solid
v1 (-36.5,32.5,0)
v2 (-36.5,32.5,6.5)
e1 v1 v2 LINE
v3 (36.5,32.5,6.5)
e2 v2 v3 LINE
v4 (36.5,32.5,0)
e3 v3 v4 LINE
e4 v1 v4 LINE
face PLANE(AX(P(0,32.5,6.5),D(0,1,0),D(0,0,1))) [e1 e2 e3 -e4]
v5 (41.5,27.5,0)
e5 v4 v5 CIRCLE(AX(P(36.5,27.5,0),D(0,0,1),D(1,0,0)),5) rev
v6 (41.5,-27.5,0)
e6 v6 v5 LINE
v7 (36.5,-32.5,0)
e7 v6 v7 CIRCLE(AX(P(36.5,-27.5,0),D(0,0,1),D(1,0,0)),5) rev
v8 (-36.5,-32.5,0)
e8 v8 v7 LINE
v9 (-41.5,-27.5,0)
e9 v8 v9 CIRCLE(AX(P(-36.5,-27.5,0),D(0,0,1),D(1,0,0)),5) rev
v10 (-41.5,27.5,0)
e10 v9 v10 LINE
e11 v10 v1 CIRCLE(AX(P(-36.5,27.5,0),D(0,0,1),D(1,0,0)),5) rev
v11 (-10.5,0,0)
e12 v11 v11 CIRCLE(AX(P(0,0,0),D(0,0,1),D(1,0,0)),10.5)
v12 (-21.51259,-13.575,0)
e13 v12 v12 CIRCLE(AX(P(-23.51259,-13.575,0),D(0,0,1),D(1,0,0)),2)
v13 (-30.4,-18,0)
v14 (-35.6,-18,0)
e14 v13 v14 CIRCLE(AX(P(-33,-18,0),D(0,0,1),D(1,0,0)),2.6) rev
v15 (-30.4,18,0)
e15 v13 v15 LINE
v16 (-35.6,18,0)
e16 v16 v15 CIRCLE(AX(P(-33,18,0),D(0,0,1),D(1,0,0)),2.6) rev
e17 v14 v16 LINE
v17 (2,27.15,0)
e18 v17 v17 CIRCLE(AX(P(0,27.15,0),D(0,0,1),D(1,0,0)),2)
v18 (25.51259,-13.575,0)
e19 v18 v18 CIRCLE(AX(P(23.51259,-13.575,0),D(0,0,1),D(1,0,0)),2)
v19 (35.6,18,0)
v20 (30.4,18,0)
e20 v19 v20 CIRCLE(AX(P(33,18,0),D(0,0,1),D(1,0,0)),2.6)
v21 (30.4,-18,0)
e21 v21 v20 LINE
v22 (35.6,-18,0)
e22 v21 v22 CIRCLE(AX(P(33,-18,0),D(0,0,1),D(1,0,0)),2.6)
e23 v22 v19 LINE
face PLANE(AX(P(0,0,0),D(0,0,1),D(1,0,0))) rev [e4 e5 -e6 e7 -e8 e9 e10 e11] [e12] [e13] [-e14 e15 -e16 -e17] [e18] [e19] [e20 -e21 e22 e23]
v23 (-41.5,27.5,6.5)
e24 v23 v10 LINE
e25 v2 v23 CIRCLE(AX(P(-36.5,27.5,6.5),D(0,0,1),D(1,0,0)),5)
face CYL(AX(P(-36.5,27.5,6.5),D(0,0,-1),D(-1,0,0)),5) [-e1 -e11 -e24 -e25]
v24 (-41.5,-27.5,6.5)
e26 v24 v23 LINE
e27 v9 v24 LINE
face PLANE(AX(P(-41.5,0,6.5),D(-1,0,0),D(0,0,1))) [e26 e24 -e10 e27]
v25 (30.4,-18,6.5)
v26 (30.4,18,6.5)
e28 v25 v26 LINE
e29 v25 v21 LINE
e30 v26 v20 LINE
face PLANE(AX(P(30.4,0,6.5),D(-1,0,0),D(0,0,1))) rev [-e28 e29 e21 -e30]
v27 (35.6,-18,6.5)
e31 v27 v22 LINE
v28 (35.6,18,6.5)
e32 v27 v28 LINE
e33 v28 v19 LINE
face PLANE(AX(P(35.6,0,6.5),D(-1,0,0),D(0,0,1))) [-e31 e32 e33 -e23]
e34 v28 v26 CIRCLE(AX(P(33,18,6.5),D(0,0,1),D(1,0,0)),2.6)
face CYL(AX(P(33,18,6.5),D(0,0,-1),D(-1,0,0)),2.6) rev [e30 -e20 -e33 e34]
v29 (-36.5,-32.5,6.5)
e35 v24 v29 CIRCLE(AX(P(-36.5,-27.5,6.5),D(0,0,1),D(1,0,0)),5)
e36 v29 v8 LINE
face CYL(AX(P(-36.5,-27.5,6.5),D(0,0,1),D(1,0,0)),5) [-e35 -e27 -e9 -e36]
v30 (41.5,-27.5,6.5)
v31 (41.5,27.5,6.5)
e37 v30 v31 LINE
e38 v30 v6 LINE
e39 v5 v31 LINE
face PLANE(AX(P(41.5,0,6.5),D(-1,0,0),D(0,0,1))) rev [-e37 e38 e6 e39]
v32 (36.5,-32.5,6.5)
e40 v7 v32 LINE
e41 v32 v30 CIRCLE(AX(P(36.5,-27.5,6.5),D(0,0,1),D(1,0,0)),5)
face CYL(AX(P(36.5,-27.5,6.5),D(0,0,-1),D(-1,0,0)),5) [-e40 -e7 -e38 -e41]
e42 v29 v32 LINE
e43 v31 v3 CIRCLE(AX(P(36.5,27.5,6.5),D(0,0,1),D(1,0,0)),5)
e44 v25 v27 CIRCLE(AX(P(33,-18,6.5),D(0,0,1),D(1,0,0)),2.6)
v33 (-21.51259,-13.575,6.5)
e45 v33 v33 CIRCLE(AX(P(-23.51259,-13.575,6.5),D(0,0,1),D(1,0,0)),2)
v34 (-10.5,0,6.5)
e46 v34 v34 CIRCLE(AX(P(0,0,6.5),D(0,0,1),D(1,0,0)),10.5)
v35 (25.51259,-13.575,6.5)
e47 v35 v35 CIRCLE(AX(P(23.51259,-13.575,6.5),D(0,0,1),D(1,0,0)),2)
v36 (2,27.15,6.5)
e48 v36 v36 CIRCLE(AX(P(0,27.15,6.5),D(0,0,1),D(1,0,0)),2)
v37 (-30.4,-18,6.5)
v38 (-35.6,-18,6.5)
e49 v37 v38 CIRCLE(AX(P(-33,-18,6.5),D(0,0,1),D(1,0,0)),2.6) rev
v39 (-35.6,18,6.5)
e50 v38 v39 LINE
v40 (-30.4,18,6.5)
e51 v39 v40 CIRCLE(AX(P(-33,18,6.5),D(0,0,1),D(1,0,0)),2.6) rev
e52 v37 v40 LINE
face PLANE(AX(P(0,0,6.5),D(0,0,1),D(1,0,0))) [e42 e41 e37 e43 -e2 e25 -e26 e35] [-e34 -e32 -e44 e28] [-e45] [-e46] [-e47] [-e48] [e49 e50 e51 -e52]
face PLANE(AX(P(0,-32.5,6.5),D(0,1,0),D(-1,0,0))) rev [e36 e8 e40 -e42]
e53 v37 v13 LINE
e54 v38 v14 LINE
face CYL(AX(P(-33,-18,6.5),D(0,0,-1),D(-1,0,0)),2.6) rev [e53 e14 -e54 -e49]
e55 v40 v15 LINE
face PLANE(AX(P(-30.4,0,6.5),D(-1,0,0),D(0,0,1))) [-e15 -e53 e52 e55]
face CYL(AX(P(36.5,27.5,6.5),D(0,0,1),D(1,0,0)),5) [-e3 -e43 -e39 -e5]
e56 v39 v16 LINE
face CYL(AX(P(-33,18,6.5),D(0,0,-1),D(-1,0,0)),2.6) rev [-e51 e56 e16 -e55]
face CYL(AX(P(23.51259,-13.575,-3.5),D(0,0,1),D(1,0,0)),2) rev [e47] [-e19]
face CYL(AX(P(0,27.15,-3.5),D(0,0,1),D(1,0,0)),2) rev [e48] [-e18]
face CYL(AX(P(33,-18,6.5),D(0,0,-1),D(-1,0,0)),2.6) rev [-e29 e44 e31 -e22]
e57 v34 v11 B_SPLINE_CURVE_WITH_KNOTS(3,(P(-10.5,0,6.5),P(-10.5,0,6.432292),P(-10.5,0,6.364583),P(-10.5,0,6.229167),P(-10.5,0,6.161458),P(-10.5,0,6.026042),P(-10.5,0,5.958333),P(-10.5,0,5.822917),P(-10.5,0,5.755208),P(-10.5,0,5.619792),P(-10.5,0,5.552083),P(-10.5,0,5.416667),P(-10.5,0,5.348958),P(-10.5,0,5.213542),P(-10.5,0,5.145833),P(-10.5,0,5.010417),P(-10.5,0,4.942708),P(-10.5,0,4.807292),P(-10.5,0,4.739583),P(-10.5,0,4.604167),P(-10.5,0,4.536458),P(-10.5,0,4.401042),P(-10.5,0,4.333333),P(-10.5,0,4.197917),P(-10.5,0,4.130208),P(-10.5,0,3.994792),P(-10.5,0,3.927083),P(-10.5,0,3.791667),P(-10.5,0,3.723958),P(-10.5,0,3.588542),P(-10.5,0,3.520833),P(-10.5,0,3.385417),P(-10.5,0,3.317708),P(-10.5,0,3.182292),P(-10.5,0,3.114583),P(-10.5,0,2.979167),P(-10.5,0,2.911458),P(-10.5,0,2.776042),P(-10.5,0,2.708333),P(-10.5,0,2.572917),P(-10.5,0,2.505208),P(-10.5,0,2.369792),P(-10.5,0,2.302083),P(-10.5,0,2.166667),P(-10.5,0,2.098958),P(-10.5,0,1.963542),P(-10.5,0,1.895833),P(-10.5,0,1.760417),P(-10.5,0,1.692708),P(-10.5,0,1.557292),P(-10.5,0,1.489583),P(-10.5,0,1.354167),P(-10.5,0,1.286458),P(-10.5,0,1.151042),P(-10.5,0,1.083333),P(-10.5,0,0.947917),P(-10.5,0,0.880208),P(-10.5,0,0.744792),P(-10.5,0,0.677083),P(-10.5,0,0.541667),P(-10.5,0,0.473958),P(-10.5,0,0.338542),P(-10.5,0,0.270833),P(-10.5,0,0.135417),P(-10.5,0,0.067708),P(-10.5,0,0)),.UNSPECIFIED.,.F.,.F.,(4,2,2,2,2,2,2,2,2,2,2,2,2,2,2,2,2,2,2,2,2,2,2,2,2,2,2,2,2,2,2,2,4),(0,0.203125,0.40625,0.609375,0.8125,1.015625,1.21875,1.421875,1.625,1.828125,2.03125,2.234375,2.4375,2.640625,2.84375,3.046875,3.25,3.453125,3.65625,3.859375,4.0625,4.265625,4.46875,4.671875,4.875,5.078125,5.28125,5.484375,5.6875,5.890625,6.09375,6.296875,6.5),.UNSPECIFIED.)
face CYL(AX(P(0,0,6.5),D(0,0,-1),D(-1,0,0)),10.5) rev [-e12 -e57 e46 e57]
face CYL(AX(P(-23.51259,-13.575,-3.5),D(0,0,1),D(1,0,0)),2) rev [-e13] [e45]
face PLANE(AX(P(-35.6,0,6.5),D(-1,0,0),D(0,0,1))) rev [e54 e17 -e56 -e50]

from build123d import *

# Parameters (mm, degrees)
SKETCH1_W           = 83
SKETCH1_H           = 65
SKETCH1_R           = 10.5
BOSS_EXTRUDE1_DEPTH = 6.5
FILLET1_R           = 5
SKETCH2_R           = 2
CUT_EXTRUDE1_DEPTH  = 10


with BuildPart() as part:
    # Sketch1 → Boss-Extrude1 (new body)
    with BuildSketch(Plane.XY):
        Rectangle(SKETCH1_W, SKETCH1_H)
        with Locations(Location((0, 0, 0), (0, 0, 180))):
            Circle(SKETCH1_R, mode=Mode.SUBTRACT)
        with BuildLine():
            Line((30.4, -18), (30.4, 18))
            ThreePointArc((30.4, 18), (33, 20.6), (35.6, 18))
            Line((35.6, 18), (35.6, -18))
            ThreePointArc((35.6, -18), (33, -20.6), (30.4, -18))
        make_face(mode=Mode.SUBTRACT)
        with BuildLine():
            Line((-30.4, -18), (-30.4, 18))
            ThreePointArc((-30.4, 18), (-33, 20.6), (-35.6, 18))
            Line((-35.6, 18), (-35.6, -18))
            ThreePointArc((-35.6, -18), (-33, -20.6), (-30.4, -18))
        make_face(mode=Mode.SUBTRACT)
    extrude(amount=BOSS_EXTRUDE1_DEPTH)

    # Fillet1
    fillet1_edges = [part.edges().sort_by_distance(p)[0] for p in [
        (-41.5, -32.5, 3.25),
        (-41.5, 32.5, 3.25),
        (41.5, 32.5, 3.25),
        (41.5, -32.5, 3.25),
    ]]
    fillet(fillet1_edges, radius=FILLET1_R)

    # Sketch2 → Cut-Extrude1 (cut)
    with BuildSketch(Plane.XY.offset(6.5)):
        with Locations((0, 27.15)):
            Circle(SKETCH2_R)
        with Locations((23.512589713, -13.575)):
            Circle(SKETCH2_R)
        with Locations((-23.512589713, -13.575)):
            Circle(SKETCH2_R)
    extrude(amount=-CUT_EXTRUDE1_DEPTH, mode=Mode.SUBTRACT)


solid = part.part
